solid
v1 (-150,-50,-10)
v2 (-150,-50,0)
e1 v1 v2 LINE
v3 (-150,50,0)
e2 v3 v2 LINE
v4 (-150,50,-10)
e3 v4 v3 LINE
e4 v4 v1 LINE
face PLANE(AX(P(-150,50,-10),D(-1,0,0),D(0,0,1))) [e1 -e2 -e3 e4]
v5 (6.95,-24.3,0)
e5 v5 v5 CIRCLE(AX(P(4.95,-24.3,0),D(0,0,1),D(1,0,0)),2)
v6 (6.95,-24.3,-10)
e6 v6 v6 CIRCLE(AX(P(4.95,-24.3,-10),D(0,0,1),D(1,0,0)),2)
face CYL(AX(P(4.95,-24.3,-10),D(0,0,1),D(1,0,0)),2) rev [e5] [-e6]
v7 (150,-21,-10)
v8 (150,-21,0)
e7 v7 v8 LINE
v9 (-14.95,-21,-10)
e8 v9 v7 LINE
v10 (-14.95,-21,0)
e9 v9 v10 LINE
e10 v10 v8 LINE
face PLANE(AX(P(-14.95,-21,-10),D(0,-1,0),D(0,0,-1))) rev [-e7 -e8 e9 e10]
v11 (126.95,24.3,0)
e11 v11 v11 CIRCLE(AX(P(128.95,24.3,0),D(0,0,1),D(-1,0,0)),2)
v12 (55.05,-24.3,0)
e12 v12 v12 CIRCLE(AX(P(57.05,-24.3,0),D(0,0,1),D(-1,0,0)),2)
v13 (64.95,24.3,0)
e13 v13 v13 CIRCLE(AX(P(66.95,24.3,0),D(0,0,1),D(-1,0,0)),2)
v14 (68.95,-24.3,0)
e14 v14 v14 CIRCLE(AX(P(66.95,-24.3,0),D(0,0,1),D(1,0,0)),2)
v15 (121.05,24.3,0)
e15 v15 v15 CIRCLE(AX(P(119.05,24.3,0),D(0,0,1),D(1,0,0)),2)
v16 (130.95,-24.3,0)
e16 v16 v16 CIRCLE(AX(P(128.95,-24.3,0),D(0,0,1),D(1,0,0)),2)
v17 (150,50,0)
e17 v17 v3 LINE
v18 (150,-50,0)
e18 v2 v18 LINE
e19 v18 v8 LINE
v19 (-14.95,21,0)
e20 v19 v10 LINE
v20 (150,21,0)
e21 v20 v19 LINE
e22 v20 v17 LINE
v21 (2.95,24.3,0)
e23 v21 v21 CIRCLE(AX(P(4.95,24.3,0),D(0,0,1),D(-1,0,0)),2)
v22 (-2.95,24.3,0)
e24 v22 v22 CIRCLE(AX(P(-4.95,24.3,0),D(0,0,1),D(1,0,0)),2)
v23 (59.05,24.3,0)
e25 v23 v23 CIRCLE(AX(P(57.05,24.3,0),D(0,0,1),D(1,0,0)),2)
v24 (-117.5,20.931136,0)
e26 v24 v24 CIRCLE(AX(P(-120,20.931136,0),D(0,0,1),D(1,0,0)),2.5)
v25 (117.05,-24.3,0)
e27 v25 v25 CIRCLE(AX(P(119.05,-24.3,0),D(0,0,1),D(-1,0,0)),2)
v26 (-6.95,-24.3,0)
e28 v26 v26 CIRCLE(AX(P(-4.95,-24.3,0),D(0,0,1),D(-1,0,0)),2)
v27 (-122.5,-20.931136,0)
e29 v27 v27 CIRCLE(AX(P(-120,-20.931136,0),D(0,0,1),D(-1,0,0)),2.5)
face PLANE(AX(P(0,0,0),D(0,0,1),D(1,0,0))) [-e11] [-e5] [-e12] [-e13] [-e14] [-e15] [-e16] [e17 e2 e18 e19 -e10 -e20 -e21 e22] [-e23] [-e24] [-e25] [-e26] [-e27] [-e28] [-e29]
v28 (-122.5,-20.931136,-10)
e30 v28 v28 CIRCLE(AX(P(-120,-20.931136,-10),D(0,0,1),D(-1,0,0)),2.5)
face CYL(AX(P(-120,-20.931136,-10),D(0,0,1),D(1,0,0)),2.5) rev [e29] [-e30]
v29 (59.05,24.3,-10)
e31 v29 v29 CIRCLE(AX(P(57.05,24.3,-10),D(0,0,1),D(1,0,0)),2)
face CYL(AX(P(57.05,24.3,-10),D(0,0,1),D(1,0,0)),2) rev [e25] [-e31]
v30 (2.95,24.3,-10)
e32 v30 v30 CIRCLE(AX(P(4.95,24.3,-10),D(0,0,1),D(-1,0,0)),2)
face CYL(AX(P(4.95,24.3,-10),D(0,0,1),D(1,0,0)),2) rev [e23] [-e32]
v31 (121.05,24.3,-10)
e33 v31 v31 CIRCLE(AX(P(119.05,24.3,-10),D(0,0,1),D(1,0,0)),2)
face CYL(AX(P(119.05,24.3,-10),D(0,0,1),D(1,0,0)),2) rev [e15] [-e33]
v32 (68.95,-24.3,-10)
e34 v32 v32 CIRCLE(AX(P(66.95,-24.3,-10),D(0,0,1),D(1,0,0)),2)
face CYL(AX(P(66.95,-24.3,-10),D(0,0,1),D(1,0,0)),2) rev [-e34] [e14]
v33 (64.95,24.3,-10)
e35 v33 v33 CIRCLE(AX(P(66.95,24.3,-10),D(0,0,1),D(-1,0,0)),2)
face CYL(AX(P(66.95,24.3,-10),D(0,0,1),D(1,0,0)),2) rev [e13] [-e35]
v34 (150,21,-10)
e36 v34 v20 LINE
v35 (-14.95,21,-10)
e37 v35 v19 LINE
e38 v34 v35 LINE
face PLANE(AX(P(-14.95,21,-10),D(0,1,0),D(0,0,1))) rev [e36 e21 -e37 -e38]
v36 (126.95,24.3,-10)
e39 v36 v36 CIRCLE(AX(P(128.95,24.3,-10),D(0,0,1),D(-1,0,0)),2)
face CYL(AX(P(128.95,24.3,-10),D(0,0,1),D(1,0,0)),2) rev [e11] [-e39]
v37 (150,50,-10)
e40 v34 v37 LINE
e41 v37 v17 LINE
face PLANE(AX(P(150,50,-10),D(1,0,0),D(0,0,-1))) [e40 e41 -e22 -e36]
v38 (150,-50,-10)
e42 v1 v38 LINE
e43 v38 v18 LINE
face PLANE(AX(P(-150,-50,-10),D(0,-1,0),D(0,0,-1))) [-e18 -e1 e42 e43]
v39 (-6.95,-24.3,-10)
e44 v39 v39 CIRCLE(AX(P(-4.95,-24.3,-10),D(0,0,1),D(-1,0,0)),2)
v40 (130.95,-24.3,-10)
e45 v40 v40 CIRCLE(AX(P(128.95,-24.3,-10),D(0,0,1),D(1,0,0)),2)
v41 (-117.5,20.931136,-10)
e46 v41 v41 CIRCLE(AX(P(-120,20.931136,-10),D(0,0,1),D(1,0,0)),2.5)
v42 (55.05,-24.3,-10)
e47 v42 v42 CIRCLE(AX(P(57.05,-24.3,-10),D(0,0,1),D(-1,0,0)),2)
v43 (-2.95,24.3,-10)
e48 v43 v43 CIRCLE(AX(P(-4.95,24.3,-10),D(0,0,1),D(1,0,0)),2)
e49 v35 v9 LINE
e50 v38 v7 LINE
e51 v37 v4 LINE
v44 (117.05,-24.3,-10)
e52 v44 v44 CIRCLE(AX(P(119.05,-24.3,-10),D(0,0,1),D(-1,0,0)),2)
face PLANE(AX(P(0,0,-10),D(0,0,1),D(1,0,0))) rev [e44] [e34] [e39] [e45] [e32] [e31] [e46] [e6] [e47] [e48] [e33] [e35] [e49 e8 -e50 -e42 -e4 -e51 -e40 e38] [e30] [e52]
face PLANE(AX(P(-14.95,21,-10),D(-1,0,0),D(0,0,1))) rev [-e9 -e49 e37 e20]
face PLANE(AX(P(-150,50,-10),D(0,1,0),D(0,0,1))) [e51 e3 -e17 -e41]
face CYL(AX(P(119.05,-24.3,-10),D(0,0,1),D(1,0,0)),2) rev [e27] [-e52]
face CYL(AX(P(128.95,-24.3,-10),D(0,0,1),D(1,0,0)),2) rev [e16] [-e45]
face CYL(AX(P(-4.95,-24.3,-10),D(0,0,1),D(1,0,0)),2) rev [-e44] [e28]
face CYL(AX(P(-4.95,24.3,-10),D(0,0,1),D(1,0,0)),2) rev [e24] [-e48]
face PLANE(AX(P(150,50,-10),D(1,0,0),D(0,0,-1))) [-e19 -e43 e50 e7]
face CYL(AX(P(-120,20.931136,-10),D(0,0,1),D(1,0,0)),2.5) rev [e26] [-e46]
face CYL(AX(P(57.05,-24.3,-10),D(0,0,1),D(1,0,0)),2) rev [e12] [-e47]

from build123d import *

# Parameters (mm, degrees)
SKETCH7_W           = 300
SKETCH7_H           = 100
BOSS_EXTRUDE1_DEPTH = 10
SKETCH1_R           = 2
CUT_EXTRUDE2_DEPTH  = 159.429795178
LPATTERN1_COUNT     = 4
LPATTERN1_PITCH     = 62
SKETCH8_W           = 164.95
SKETCH8_H           = 42
CUT_EXTRUDE3_DEPTH  = 159.429795178
SKETCH10_R          = 2.5
CUT_EXTRUDE4_DEPTH  = 159.429795178


with BuildPart() as part:
    # Sketch7 → Boss-Extrude1 (new body)
    with BuildSketch(Plane.XY):
        Rectangle(SKETCH7_W, SKETCH7_H)
    extrude(amount=-BOSS_EXTRUDE1_DEPTH)

    # Sketch1 → Cut-Extrude2 (cut, through all)
    with BuildSketch(Plane.XY):
        with Locations((4.95, -24.3)):
            Circle(SKETCH1_R)
        with Locations(Location((-4.95, -24.3, 0), (0, 0, 180))):
            Circle(SKETCH1_R)
        with Locations((-4.95, 24.3)):
            Circle(SKETCH1_R)
        with Locations(Location((4.95, 24.3, 0), (0, 0, 180))):
            Circle(SKETCH1_R)
    cut_extrude2 = extrude(amount=-CUT_EXTRUDE2_DEPTH, mode=Mode.SUBTRACT)

    # LPattern1: Cut-Extrude2 ×4
    with Locations(*[(i * LPATTERN1_PITCH, 0, 0) for i in range(1, LPATTERN1_COUNT)]):
        add(cut_extrude2, mode=Mode.SUBTRACT)

    # Sketch8 → Cut-Extrude3 (cut, through all)
    with BuildSketch(Plane.XY):
        with Locations((67.525, 0)):
            Rectangle(SKETCH8_W, SKETCH8_H)
    extrude(amount=-CUT_EXTRUDE3_DEPTH, mode=Mode.SUBTRACT)

    # Sketch10 → Cut-Extrude4 (cut, through all)
    with BuildSketch(Plane.XY):
        with Locations((-120, 20.93113616)):
            Circle(SKETCH10_R)
        with Locations(Location((-120, -20.93113616, 0), (0, 0, 180))):
            Circle(SKETCH10_R)
    extrude(amount=-CUT_EXTRUDE4_DEPTH, mode=Mode.SUBTRACT)


solid = part.part
